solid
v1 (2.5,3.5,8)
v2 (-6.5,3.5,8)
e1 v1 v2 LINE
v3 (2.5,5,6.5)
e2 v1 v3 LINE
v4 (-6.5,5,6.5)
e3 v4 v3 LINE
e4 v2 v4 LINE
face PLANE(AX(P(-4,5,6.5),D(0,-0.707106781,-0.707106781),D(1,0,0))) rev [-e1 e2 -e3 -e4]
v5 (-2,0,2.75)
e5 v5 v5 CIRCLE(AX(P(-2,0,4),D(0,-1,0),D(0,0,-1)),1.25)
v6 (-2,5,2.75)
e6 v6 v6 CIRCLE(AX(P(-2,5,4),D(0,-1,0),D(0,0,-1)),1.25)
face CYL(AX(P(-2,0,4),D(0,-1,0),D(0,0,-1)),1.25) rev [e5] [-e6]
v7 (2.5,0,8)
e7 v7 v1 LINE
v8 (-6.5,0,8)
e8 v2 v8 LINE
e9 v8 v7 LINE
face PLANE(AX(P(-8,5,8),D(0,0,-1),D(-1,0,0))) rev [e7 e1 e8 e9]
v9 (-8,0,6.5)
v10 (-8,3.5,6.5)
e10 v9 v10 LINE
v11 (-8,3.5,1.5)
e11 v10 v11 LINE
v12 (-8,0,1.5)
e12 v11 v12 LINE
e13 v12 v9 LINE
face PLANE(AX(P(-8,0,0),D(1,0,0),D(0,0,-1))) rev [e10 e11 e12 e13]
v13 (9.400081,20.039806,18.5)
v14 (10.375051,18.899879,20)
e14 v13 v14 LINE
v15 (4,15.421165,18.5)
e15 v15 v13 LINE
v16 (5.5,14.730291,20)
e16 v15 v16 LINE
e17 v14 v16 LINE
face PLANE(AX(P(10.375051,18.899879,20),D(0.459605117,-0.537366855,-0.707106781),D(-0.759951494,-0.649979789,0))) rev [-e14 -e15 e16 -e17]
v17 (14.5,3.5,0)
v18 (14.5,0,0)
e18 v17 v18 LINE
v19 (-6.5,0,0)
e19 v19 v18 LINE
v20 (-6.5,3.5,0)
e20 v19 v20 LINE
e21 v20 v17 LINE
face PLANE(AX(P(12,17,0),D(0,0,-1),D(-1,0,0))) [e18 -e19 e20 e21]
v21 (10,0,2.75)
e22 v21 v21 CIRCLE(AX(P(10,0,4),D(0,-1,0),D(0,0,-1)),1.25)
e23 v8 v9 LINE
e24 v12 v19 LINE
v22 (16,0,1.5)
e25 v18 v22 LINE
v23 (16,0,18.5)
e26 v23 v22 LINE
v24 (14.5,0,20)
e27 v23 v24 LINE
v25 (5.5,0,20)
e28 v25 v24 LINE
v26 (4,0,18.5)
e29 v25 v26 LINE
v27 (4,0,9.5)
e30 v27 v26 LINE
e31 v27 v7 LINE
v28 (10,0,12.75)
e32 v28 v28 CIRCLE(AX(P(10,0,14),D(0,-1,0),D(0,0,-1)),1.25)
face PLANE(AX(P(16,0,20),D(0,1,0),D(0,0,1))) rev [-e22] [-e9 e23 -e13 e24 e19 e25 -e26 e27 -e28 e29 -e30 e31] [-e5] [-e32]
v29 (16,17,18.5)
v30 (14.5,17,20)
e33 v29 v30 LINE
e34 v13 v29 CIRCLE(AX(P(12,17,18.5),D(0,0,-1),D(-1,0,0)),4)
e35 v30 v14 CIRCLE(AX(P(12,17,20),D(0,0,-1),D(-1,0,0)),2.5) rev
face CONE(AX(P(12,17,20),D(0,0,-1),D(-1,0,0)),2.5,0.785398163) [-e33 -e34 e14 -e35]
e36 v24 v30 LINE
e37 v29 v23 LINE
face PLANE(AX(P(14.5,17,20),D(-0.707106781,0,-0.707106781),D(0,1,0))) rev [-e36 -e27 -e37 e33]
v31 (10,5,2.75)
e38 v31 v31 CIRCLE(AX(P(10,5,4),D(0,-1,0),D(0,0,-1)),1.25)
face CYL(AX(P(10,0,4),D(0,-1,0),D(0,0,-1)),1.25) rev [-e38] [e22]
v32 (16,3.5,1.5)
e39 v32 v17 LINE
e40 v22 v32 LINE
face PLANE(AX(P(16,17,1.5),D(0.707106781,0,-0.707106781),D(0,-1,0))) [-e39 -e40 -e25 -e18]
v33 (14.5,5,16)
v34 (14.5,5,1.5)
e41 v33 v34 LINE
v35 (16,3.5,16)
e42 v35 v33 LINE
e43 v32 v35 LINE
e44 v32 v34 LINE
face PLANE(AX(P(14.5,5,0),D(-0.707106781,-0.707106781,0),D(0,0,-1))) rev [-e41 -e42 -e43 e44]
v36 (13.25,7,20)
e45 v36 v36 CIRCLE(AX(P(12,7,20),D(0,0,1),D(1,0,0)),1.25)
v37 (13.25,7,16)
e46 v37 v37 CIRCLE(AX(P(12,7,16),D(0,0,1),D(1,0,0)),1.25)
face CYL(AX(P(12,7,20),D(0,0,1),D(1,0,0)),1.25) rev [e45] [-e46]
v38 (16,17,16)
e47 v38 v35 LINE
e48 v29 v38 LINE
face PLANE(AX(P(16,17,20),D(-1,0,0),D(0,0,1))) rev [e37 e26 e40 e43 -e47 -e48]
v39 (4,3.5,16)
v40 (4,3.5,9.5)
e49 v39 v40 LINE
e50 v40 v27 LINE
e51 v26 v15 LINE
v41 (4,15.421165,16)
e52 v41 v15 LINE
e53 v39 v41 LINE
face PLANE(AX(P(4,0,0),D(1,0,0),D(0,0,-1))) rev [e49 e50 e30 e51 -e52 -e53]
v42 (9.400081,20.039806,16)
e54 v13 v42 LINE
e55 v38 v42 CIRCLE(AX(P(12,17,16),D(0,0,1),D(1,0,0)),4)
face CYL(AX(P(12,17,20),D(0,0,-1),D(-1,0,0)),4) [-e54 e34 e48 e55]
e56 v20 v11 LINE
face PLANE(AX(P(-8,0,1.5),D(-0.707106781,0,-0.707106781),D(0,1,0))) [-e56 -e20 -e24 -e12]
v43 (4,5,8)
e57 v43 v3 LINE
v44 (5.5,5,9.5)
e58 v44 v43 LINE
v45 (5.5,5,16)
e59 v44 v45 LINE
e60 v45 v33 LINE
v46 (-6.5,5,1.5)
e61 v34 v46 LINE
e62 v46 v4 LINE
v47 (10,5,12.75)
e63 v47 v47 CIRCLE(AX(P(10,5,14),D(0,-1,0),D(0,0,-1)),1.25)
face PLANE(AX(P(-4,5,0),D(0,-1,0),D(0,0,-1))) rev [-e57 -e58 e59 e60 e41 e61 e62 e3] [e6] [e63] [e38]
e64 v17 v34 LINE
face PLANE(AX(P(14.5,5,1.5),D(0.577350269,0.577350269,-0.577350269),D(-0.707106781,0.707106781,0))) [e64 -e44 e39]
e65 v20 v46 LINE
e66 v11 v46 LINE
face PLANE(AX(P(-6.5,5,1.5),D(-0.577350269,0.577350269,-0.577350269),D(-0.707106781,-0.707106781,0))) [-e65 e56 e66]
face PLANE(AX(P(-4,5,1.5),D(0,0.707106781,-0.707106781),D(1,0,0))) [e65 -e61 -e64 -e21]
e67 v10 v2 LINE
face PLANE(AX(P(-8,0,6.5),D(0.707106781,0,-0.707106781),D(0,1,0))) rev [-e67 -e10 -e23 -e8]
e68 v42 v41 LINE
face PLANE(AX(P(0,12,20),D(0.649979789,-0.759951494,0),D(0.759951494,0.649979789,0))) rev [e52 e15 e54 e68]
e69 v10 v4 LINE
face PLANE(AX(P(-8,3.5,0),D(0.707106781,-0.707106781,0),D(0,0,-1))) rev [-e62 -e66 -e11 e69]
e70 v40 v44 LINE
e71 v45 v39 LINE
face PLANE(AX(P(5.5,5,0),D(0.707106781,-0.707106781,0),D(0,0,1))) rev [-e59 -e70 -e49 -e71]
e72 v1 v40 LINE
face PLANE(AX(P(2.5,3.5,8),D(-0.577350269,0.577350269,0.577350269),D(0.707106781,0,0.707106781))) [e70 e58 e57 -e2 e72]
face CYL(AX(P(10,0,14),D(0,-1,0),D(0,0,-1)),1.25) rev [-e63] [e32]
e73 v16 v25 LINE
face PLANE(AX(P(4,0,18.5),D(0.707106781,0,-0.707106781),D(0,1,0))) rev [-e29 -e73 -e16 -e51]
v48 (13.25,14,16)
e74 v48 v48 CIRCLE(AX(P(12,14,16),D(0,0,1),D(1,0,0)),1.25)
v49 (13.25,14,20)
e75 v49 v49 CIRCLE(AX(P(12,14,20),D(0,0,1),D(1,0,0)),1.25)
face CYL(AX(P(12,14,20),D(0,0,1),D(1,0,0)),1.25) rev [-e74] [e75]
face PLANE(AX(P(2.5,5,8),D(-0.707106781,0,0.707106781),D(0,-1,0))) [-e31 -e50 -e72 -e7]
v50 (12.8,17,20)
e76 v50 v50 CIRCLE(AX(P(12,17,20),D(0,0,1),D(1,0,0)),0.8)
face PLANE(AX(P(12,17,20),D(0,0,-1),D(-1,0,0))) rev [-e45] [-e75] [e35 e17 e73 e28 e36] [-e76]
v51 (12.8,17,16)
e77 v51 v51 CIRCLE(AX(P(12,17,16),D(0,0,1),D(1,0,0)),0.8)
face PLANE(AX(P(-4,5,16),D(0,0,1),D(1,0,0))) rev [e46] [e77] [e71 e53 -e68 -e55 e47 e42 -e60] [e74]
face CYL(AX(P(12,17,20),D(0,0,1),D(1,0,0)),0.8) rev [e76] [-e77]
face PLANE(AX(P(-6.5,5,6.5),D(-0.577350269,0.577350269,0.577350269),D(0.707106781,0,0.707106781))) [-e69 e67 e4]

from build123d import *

# Parameters (mm, degrees)
RESSALTO_EXTRUS_O1_DEPTH                = 20
ESBO_O2_W                               = 16
ESBO_O2_H                               = 16
CORTE_EXTRUS_O1_DEPTH                   = 20
CORTE_EXTRUS_O2_DEPTH                   = 34.120990323
CHANFRO2_SIZE                           = 1.5
FURO_ROSCADO_DE_M21_D                   = 1.6
ESBO_O8_W                               = 8
ESBO_O8_H                               = 5
RESSALTO_EXTRUS_O2_DEPTH                = 12
CHANFRO3_SIZE                           = 1.5
FURO_ROSCADO_DE_M31_D                   = 2.5
FURO_ROSCADO_DE_M31_DEPTH               = 8.5
FURO_ROSCADO_DE_M31_TIP                 = 0.751075774
BROCA_DE_ROSQUEAR_PARA_TARRAXA_DE_M31_D = 2.5


with BuildPart() as part:
    # Esboço1 → Ressalto-extrusão1 (new body)
    with BuildSketch(Plane.XY):
        with BuildLine():
            Line((0, 0), (0, 12))
            Line((0, 12), (9.400080843, 20.039805977))
            ThreePointArc((9.400080843, 20.039805977), (13.673368365, 20.633158174), (16, 17))
            Line((16, 17), (16, 4))
            Line((16, 4), (16, 0))
            Line((16, 0), (0, 0))
        make_face()
    extrude(amount=RESSALTO_EXTRUS_O1_DEPTH)

    # Esboço2 → Corte-extrusão1 (cut)
    with BuildSketch(Plane(origin=(16, 0, 0), x_dir=(0, 0, -1), z_dir=(1, 0, 0))):
        with Locations((-8, 13)):
            Rectangle(ESBO_O2_W, ESBO_O2_H)
    extrude(amount=-CORTE_EXTRUS_O1_DEPTH, mode=Mode.SUBTRACT)

    # Esboço3 → Corte-extrusão2 (cut, through all)
    with BuildSketch(Plane.XY.offset(20)):
        Polygon((0, 0), (4, 0), (4, 15.42116461), (0, 12), align=None)
    extrude(amount=-CORTE_EXTRUS_O2_DEPTH, mode=Mode.SUBTRACT)

    # Chanfro2
    chanfro2_edges = [part.edges().sort_by_distance(p)[0] for p in [
        (13.673368365, 20.633158174, 20),
        (6.700040421, 17.730485293, 20),
        (4, 7.710582305, 20),
        (16, 8.5, 20),
    ]]
    chamfer(chanfro2_edges, length=CHANFRO2_SIZE)

    # Furo roscado de M21 (through all)
    with Locations(Plane(origin=(12, 17, 20), x_dir=(1, 0, 0), z_dir=(0, 0, 1))):
        with Locations((0, 0)):
            Hole(FURO_ROSCADO_DE_M21_D / 2)

    # Esboço8 → Ressalto-extrusão2 (add)
    with BuildSketch(Plane.ZY.offset(-4)):
        with Locations((4, 2.5)):
            Rectangle(ESBO_O8_W, ESBO_O8_H)
    extrude(amount=RESSALTO_EXTRUS_O2_DEPTH)

    # Chanfro3
    chanfro3_edges = [part.edges().sort_by_distance(p)[0] for p in [
        (-2, 5, 8),
        (-8, 2.5, 0),
        (-8, 2.5, 8),
        (-8, 5, 4),
        (4, 5, 0),
        (16, 5, 8),
        (16, 2.5, 0),
        (4, 5, 12),
        (4, 2.5, 8),
    ]]
    chamfer(chanfro3_edges, length=CHANFRO3_SIZE)

    # Furo roscado de M31
    with Locations(Plane(origin=(-2, 0, 4), x_dir=(0, 0, -1), z_dir=(0, -1, 0))):
        with Locations((0, 0), (0, 12), (-10, 12)):
            Hole(FURO_ROSCADO_DE_M31_D / 2, depth=FURO_ROSCADO_DE_M31_DEPTH)
            with Locations((0, 0, -(FURO_ROSCADO_DE_M31_DEPTH + FURO_ROSCADO_DE_M31_TIP / 2))):  # 118° drill point
                Cone(0, FURO_ROSCADO_DE_M31_D / 2, FURO_ROSCADO_DE_M31_TIP, mode=Mode.SUBTRACT)

    # Broca de rosquear para tarraxa de M31 (through all)
    with Locations(Plane(origin=(12, 7, 20), x_dir=(1, 0, 0), z_dir=(0, 0, 1))):
        with Locations((0, 0), (0, 7)):
            Hole(BROCA_DE_ROSQUEAR_PARA_TARRAXA_DE_M31_D / 2)


solid = part.part
